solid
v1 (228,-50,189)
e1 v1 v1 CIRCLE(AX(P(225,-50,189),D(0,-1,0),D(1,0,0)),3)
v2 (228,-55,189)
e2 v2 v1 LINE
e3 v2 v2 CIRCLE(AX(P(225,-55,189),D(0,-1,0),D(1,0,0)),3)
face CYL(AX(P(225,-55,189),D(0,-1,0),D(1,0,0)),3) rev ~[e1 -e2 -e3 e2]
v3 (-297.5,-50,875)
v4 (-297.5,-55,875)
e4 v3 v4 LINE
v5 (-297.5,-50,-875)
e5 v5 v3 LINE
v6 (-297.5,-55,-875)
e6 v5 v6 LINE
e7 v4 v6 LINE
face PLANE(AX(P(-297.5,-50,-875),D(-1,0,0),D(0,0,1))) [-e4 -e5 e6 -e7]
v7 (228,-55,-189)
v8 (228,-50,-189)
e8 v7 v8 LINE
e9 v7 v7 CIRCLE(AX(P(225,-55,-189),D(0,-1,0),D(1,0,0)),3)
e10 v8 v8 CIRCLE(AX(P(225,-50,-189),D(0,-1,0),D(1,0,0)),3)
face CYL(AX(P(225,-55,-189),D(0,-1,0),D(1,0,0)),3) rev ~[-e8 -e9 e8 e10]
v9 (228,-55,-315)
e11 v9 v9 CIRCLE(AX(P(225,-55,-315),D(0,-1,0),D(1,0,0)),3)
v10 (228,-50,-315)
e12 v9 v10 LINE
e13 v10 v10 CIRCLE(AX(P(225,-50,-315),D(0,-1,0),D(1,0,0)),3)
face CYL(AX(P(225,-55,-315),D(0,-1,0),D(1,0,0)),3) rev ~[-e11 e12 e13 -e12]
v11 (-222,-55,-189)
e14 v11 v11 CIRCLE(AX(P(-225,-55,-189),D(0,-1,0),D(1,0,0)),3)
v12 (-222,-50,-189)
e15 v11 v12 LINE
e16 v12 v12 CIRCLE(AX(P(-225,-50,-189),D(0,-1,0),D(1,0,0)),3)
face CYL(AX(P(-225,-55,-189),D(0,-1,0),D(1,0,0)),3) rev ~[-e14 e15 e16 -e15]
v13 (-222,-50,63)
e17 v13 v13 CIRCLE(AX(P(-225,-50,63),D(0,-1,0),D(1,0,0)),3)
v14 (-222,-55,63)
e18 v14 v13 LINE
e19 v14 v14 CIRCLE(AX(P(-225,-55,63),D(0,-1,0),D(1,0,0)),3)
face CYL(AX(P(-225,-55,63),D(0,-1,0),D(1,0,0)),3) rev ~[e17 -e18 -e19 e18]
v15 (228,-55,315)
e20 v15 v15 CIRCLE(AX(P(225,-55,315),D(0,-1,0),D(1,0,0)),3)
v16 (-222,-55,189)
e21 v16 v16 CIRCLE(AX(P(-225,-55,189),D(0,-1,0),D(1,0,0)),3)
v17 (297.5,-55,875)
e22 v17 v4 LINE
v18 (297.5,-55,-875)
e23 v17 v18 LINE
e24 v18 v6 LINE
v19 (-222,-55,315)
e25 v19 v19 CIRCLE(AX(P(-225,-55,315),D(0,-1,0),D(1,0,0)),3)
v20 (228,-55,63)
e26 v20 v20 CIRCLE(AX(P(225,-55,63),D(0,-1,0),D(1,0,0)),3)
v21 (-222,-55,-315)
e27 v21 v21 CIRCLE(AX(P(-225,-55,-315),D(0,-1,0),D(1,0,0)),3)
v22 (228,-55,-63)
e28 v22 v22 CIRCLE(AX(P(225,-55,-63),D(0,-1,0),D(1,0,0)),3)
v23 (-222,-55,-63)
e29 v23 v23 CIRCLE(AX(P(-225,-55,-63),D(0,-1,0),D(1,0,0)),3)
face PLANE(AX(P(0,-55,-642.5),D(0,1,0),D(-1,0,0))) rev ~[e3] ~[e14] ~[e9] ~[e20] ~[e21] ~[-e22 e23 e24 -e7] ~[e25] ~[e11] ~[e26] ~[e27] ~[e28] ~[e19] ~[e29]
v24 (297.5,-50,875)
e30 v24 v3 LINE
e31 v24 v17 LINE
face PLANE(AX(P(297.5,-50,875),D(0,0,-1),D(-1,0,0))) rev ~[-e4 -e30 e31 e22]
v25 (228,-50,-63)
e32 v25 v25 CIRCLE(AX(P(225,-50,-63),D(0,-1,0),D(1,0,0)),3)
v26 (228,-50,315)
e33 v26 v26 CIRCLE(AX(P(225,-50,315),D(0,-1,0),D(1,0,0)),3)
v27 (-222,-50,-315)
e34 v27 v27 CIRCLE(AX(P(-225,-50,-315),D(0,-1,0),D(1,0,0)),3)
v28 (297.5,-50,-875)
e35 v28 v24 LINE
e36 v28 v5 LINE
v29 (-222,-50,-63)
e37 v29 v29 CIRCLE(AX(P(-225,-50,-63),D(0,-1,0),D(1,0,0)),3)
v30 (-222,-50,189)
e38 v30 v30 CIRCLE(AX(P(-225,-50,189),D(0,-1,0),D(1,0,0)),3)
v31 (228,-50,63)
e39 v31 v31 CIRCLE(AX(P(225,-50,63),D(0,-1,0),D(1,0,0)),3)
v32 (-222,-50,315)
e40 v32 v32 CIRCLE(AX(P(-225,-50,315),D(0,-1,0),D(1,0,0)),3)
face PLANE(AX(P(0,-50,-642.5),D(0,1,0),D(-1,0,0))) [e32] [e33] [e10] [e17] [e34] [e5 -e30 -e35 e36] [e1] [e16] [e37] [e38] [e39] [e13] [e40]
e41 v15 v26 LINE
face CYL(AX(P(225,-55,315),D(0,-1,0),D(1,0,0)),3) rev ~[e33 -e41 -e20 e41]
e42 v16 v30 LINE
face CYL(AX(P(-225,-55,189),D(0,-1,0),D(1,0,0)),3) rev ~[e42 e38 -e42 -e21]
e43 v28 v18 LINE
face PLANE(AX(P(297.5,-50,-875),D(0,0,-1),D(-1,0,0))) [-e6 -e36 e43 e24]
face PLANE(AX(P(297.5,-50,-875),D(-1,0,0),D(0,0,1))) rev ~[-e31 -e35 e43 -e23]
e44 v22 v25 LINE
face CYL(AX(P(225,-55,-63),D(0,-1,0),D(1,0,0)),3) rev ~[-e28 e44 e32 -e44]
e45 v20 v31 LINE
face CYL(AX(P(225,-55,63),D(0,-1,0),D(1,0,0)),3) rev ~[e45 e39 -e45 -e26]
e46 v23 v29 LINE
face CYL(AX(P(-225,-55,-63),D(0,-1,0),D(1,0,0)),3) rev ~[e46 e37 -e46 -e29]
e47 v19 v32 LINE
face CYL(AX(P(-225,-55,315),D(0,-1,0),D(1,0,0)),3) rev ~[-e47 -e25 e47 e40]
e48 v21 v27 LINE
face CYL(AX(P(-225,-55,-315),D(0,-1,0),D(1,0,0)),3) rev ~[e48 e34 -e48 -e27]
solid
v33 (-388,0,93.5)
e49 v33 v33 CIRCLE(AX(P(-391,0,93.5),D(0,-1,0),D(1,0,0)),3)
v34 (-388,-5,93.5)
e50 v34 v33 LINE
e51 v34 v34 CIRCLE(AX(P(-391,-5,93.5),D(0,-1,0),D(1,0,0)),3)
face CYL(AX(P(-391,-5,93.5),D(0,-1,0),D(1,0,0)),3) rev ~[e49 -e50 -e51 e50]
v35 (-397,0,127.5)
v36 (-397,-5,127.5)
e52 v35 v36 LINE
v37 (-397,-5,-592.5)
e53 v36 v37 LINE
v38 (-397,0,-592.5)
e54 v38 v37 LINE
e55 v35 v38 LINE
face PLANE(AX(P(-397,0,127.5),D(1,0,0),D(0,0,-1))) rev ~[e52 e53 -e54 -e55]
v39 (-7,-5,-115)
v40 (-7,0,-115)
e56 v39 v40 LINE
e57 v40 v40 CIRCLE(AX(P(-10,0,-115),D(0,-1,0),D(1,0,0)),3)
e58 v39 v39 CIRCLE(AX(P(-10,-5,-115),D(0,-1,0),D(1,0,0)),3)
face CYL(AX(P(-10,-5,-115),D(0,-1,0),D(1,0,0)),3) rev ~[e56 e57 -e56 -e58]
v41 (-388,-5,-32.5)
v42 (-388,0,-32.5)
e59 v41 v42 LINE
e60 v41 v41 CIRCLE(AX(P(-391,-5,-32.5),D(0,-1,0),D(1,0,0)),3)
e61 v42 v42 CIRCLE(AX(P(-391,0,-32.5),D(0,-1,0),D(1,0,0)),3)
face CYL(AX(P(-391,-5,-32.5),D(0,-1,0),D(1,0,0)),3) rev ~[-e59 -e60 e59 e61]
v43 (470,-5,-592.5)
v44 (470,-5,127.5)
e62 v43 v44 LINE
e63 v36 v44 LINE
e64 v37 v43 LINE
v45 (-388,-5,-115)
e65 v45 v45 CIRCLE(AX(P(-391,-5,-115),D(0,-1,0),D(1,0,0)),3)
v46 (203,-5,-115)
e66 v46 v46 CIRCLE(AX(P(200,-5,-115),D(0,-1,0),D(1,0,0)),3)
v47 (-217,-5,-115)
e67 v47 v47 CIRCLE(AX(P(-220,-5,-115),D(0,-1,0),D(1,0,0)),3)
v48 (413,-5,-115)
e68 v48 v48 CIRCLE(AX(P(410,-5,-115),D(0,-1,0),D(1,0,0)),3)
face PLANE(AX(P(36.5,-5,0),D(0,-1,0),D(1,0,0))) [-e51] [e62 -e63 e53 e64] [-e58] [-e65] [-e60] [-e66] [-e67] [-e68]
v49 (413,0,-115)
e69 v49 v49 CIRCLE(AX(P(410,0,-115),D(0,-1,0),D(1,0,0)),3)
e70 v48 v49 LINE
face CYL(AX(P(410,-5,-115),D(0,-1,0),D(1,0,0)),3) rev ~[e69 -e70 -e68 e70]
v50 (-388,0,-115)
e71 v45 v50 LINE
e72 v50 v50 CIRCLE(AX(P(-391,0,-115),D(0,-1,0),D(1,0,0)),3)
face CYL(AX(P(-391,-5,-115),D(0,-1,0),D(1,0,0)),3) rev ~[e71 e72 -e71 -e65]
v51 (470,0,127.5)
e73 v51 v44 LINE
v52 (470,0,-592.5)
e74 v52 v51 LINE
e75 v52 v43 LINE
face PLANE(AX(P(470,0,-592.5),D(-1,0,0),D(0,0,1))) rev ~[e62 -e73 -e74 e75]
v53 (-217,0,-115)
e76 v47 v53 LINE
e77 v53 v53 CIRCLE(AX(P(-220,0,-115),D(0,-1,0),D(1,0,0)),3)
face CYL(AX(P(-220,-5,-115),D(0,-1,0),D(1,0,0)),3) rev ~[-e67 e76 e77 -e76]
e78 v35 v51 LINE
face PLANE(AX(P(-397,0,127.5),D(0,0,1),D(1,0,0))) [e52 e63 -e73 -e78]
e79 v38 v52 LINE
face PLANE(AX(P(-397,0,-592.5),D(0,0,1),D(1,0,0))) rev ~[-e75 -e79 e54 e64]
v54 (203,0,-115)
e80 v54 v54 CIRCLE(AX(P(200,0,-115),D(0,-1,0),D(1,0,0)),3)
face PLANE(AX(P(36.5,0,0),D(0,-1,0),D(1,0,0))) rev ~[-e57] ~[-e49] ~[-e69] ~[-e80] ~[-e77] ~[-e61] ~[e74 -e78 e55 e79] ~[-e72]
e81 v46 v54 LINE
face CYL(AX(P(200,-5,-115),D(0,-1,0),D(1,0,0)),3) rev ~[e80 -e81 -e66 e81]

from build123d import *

# Parameters (mm, degrees)
F0_W      = 867
F0_H      = 255
F0_H_2    = 465
F1_DEPTH  = 5
F3_W      = 595
F3_H      = 820
F4_DEPTH  = 5
F5_R      = 3
F6_DEPTH  = 5
F7_R      = 3
F8_DEPTH  = 25
F9_W      = 595
F9_H      = 465
F10_DEPTH = 5


with BuildPart() as f1:
    # F0 (on Front) → F1 (new body)
    with BuildSketch(Plane.XZ):
        with Locations((36.5, 0)):
            Rectangle(F0_W, F0_H)
        with Locations((36.5, -360)):
            Rectangle(F0_W, F0_H_2)
    extrude(amount=F1_DEPTH)

    # F5 (on face) → F6 (cut)
    with BuildSketch(Plane.XZ.offset(5)):
        with Locations((-220, -115)):
            Circle(F5_R)
        with Locations((-10, -115)):
            Circle(F5_R)
        with Locations((200, -115)):
            Circle(F5_R)
        with Locations((410, -115)):
            Circle(F5_R)
        with Locations((-391, 93.5)):
            Circle(F5_R)
        with Locations((-391, -32.5)):
            Circle(F5_R)
        with Locations((-391, -115)):
            Circle(F5_R)
    extrude(amount=-F6_DEPTH, mode=Mode.SUBTRACT)


with BuildPart() as f4:
    # F3 (on offset) → F4 (new body)
    with BuildSketch(Plane.XZ.offset(50)):
        Rectangle(F3_W, F3_H)
    extrude(amount=F4_DEPTH)

    # F7 (on face) → F8 (cut)
    with BuildSketch(Plane.XZ.offset(55)):
        with Locations((-225, -315)):
            Circle(F7_R)
        with Locations((-225, -189)):
            Circle(F7_R)
        with Locations((-225, -63)):
            Circle(F7_R)
        with Locations((-225, 63)):
            Circle(F7_R)
        with Locations((-225, 189)):
            Circle(F7_R)
        with Locations((-225, 315)):
            Circle(F7_R)
        with Locations((225, 315)):
            Circle(F7_R)
        with Locations((225, 189)):
            Circle(F7_R)
        with Locations((225, 63)):
            Circle(F7_R)
        with Locations((225, -63)):
            Circle(F7_R)
        with Locations((225, -189)):
            Circle(F7_R)
        with Locations((225, -315)):
            Circle(F7_R)
    extrude(amount=-F8_DEPTH, mode=Mode.SUBTRACT)

    # F9 (on face) → F10 (join)
    with BuildSketch(Plane(origin=(0, -50, 0), x_dir=(-1, 0, 0), z_dir=(0, 1, 0))):
        with Locations((0, -642.5)):
            Rectangle(F9_W, F9_H)
        with Locations((0, 642.5)):
            Rectangle(F9_W, F9_H)
    extrude(amount=-F10_DEPTH)


solid = Compound([f1.part, f4.part])
